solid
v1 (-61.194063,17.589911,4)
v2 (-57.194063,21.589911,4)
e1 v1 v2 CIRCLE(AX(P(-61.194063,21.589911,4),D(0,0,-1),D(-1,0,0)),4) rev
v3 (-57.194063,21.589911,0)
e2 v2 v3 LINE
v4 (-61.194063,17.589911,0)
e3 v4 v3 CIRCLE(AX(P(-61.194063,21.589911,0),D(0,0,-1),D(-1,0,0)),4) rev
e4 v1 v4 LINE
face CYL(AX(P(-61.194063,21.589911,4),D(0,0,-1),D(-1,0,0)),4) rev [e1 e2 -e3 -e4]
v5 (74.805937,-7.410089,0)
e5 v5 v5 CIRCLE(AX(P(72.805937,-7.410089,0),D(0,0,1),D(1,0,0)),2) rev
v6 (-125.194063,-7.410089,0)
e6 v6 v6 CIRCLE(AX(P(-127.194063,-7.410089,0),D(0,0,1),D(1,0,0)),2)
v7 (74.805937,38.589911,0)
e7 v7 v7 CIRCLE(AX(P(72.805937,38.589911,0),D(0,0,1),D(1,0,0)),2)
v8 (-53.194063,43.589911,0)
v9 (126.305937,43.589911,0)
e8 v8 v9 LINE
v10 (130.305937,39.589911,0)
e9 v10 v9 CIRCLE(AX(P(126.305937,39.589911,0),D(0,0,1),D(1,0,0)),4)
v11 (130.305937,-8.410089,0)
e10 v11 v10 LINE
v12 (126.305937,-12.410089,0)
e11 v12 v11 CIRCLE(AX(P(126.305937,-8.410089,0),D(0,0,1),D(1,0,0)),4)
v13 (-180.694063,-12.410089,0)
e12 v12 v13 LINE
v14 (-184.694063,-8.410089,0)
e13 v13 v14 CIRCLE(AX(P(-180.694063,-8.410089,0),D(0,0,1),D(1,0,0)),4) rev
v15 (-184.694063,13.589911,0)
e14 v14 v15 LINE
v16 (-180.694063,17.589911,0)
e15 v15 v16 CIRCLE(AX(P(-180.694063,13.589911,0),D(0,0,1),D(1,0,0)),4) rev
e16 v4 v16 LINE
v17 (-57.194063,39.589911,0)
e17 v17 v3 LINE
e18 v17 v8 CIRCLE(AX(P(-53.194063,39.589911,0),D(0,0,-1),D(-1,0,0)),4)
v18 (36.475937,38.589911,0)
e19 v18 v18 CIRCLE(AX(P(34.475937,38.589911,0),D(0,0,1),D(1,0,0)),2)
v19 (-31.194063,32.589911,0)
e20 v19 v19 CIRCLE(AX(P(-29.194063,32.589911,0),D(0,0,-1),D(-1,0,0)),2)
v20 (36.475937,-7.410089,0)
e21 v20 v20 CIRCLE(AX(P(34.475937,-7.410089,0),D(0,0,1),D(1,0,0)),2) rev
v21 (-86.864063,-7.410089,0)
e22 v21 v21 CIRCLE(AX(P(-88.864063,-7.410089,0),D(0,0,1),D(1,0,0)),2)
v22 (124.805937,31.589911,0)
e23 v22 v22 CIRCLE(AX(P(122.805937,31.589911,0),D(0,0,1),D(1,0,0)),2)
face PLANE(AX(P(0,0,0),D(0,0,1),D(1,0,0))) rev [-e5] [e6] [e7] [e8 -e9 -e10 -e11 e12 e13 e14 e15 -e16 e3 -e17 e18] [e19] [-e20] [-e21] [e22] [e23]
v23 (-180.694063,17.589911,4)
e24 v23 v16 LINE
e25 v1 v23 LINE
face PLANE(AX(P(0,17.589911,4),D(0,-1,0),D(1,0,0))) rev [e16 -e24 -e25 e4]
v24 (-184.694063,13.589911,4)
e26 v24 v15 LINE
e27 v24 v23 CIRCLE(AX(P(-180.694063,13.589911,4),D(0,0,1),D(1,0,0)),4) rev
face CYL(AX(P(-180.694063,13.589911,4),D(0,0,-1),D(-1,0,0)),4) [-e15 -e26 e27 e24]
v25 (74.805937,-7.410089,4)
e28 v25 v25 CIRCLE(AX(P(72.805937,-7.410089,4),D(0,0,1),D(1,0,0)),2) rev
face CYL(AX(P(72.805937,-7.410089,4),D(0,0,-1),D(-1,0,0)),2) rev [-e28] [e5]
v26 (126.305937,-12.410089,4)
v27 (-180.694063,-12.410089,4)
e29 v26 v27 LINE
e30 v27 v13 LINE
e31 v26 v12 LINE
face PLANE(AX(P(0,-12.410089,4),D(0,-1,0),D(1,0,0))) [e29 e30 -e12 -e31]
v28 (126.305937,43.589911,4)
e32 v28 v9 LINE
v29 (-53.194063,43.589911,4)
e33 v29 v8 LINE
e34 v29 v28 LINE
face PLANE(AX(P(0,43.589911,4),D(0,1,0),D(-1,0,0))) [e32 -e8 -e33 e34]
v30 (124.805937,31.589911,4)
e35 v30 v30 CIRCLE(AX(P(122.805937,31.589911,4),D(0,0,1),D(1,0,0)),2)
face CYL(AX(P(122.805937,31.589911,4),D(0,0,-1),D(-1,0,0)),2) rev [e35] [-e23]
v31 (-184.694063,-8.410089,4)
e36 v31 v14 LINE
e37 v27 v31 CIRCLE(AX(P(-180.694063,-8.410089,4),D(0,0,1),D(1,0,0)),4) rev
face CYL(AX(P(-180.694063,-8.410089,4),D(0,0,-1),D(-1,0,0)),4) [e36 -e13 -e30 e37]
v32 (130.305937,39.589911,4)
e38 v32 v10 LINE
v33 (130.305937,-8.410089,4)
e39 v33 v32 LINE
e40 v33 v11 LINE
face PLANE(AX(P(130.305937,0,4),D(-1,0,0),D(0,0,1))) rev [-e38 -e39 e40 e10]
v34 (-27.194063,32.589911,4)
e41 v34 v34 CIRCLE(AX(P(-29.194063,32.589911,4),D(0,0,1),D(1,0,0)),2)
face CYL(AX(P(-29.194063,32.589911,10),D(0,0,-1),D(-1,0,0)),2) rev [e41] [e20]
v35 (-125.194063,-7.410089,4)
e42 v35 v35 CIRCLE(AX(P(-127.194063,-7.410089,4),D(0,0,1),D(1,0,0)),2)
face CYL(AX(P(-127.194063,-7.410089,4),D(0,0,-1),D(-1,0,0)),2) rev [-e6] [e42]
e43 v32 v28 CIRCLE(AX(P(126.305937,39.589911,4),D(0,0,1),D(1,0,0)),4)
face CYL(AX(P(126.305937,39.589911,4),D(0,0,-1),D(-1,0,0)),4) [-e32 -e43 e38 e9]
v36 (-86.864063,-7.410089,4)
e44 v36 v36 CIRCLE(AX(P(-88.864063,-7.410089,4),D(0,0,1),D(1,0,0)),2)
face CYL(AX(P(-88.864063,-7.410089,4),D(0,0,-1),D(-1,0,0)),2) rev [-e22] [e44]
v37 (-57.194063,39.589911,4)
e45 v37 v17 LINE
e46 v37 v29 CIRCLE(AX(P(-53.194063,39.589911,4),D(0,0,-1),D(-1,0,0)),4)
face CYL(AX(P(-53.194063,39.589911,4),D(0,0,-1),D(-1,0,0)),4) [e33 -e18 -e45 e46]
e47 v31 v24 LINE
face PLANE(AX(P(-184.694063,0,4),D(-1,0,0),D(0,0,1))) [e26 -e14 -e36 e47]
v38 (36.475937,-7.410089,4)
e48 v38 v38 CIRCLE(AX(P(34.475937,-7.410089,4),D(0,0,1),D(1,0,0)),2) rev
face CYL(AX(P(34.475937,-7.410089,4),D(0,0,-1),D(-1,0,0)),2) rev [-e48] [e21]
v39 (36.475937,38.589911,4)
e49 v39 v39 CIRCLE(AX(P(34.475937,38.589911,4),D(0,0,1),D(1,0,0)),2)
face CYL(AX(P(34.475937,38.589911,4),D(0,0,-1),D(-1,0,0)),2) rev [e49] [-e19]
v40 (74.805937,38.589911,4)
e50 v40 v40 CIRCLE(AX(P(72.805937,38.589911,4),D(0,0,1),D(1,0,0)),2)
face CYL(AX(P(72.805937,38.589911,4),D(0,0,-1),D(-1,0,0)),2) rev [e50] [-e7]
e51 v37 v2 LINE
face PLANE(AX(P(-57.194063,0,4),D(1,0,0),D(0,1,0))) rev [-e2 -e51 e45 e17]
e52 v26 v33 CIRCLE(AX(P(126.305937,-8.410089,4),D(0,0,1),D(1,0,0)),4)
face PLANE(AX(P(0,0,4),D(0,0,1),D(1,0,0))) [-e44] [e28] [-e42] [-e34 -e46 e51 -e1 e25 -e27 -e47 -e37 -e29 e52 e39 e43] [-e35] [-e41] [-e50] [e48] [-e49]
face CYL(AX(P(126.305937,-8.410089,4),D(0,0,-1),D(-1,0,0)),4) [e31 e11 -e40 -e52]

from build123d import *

# Parameters (mm, degrees)
SKETCH_1_R          = 2
EXTRUDE_1_DEPTH     = 4
EXTRUDE_3_DEPTH     = 4
SKETCH_7_R          = 2
CUT_EXTRUDE_2_DEPTH = 10


with BuildPart() as part:
    # 草图1 → 凸台-拉伸1 (new body)
    with BuildSketch(Plane.XY):
        with BuildLine():
            Line((-180.694062755, -12.410089261), (126.305937245, -12.410089261))
            ThreePointArc((126.305937245, -12.410089261), (129.13436437, -11.238516386), (130.305937245, -8.410089261))
            Line((130.305937245, -8.410089261), (130.305937245, 7.71191214))
            Line((130.305937245, 7.71191214), (130.305937245, 17.589910739))
            Line((130.305937245, 17.589910739), (130.305937245, 39.589910739))
            ThreePointArc((130.305937245, 39.589910739), (129.13436437, 42.418337863), (126.305937245, 43.589910739))
            Line((126.305937245, 43.589910739), (-23.194062755, 43.589910739))
            ThreePointArc((-23.194062755, 43.589910739), (-26.022489879, 42.418337863), (-27.194062755, 39.589910739))
            Line((-27.194062755, 39.589910739), (-27.194062755, 27.589910739))
            ThreePointArc((-27.194062755, 27.589910739), (-30.122994943, 20.518842927), (-37.194062755, 17.589910739))
            Line((-37.194062755, 17.589910739), (-180.694062755, 17.589910739))
            ThreePointArc((-180.694062755, 17.589910739), (-183.522489879, 16.418337863), (-184.694062755, 13.589910739))
            Line((-184.694062755, 13.589910739), (-184.694062755, -8.410089261))
            ThreePointArc((-184.694062755, -8.410089261), (-183.522489879, -11.238516386), (-180.694062755, -12.410089261))
        make_face()
        with Locations((-127.194062755, -7.410089261)):
            Circle(SKETCH_1_R, mode=Mode.SUBTRACT)
        with Locations((-88.864062755, -7.410089261)):
            Circle(SKETCH_1_R, mode=Mode.SUBTRACT)
        with Locations((34.475937245, -7.410089261)):
            Circle(SKETCH_1_R, mode=Mode.SUBTRACT)
        with Locations((72.805937245, -7.410089261)):
            Circle(SKETCH_1_R, mode=Mode.SUBTRACT)
        with Locations((34.475937245, 38.589910739)):
            Circle(SKETCH_1_R, mode=Mode.SUBTRACT)
        with Locations((122.805937245, 31.589910739)):
            Circle(SKETCH_1_R, mode=Mode.SUBTRACT)
        with Locations((72.805937245, 38.589910739)):
            Circle(SKETCH_1_R, mode=Mode.SUBTRACT)
    extrude(amount=EXTRUDE_1_DEPTH)

    # 草图2 → 凸台-拉伸3 (add)
    with BuildSketch(Plane(origin=(0, 0, 0), x_dir=(-1, 0, 0), z_dir=(0, 0, -1))):
        with BuildLine():
            Line((53.194062755, 43.589910739), (23.194062755, 43.589910739))
            Line((23.194062755, 43.589910739), (23.194062755, 17.589910739))
            Line((23.194062755, 17.589910739), (57.194062755, 17.589910739))
            Line((57.194062755, 17.589910739), (61.194062755, 17.589910739))
            ThreePointArc((61.194062755, 17.589910739), (58.36563563, 18.761483614), (57.194062755, 21.589910739))
            Line((57.194062755, 21.589910739), (57.194062755, 39.589910739))
            ThreePointArc((57.194062755, 39.589910739), (56.022489879, 42.418337863), (53.194062755, 43.589910739))
        make_face()
    extrude(amount=-EXTRUDE_3_DEPTH)

    # 草图7 → 切除-拉伸2 (cut)
    with BuildSketch(Plane(origin=(0, 0, 0), x_dir=(-1, 0, 0), z_dir=(0, 0, -1))):
        with Locations((29.194062755, 32.589910739)):
            Circle(SKETCH_7_R)
    extrude(amount=-CUT_EXTRUDE_2_DEPTH, mode=Mode.SUBTRACT)


solid = part.part
